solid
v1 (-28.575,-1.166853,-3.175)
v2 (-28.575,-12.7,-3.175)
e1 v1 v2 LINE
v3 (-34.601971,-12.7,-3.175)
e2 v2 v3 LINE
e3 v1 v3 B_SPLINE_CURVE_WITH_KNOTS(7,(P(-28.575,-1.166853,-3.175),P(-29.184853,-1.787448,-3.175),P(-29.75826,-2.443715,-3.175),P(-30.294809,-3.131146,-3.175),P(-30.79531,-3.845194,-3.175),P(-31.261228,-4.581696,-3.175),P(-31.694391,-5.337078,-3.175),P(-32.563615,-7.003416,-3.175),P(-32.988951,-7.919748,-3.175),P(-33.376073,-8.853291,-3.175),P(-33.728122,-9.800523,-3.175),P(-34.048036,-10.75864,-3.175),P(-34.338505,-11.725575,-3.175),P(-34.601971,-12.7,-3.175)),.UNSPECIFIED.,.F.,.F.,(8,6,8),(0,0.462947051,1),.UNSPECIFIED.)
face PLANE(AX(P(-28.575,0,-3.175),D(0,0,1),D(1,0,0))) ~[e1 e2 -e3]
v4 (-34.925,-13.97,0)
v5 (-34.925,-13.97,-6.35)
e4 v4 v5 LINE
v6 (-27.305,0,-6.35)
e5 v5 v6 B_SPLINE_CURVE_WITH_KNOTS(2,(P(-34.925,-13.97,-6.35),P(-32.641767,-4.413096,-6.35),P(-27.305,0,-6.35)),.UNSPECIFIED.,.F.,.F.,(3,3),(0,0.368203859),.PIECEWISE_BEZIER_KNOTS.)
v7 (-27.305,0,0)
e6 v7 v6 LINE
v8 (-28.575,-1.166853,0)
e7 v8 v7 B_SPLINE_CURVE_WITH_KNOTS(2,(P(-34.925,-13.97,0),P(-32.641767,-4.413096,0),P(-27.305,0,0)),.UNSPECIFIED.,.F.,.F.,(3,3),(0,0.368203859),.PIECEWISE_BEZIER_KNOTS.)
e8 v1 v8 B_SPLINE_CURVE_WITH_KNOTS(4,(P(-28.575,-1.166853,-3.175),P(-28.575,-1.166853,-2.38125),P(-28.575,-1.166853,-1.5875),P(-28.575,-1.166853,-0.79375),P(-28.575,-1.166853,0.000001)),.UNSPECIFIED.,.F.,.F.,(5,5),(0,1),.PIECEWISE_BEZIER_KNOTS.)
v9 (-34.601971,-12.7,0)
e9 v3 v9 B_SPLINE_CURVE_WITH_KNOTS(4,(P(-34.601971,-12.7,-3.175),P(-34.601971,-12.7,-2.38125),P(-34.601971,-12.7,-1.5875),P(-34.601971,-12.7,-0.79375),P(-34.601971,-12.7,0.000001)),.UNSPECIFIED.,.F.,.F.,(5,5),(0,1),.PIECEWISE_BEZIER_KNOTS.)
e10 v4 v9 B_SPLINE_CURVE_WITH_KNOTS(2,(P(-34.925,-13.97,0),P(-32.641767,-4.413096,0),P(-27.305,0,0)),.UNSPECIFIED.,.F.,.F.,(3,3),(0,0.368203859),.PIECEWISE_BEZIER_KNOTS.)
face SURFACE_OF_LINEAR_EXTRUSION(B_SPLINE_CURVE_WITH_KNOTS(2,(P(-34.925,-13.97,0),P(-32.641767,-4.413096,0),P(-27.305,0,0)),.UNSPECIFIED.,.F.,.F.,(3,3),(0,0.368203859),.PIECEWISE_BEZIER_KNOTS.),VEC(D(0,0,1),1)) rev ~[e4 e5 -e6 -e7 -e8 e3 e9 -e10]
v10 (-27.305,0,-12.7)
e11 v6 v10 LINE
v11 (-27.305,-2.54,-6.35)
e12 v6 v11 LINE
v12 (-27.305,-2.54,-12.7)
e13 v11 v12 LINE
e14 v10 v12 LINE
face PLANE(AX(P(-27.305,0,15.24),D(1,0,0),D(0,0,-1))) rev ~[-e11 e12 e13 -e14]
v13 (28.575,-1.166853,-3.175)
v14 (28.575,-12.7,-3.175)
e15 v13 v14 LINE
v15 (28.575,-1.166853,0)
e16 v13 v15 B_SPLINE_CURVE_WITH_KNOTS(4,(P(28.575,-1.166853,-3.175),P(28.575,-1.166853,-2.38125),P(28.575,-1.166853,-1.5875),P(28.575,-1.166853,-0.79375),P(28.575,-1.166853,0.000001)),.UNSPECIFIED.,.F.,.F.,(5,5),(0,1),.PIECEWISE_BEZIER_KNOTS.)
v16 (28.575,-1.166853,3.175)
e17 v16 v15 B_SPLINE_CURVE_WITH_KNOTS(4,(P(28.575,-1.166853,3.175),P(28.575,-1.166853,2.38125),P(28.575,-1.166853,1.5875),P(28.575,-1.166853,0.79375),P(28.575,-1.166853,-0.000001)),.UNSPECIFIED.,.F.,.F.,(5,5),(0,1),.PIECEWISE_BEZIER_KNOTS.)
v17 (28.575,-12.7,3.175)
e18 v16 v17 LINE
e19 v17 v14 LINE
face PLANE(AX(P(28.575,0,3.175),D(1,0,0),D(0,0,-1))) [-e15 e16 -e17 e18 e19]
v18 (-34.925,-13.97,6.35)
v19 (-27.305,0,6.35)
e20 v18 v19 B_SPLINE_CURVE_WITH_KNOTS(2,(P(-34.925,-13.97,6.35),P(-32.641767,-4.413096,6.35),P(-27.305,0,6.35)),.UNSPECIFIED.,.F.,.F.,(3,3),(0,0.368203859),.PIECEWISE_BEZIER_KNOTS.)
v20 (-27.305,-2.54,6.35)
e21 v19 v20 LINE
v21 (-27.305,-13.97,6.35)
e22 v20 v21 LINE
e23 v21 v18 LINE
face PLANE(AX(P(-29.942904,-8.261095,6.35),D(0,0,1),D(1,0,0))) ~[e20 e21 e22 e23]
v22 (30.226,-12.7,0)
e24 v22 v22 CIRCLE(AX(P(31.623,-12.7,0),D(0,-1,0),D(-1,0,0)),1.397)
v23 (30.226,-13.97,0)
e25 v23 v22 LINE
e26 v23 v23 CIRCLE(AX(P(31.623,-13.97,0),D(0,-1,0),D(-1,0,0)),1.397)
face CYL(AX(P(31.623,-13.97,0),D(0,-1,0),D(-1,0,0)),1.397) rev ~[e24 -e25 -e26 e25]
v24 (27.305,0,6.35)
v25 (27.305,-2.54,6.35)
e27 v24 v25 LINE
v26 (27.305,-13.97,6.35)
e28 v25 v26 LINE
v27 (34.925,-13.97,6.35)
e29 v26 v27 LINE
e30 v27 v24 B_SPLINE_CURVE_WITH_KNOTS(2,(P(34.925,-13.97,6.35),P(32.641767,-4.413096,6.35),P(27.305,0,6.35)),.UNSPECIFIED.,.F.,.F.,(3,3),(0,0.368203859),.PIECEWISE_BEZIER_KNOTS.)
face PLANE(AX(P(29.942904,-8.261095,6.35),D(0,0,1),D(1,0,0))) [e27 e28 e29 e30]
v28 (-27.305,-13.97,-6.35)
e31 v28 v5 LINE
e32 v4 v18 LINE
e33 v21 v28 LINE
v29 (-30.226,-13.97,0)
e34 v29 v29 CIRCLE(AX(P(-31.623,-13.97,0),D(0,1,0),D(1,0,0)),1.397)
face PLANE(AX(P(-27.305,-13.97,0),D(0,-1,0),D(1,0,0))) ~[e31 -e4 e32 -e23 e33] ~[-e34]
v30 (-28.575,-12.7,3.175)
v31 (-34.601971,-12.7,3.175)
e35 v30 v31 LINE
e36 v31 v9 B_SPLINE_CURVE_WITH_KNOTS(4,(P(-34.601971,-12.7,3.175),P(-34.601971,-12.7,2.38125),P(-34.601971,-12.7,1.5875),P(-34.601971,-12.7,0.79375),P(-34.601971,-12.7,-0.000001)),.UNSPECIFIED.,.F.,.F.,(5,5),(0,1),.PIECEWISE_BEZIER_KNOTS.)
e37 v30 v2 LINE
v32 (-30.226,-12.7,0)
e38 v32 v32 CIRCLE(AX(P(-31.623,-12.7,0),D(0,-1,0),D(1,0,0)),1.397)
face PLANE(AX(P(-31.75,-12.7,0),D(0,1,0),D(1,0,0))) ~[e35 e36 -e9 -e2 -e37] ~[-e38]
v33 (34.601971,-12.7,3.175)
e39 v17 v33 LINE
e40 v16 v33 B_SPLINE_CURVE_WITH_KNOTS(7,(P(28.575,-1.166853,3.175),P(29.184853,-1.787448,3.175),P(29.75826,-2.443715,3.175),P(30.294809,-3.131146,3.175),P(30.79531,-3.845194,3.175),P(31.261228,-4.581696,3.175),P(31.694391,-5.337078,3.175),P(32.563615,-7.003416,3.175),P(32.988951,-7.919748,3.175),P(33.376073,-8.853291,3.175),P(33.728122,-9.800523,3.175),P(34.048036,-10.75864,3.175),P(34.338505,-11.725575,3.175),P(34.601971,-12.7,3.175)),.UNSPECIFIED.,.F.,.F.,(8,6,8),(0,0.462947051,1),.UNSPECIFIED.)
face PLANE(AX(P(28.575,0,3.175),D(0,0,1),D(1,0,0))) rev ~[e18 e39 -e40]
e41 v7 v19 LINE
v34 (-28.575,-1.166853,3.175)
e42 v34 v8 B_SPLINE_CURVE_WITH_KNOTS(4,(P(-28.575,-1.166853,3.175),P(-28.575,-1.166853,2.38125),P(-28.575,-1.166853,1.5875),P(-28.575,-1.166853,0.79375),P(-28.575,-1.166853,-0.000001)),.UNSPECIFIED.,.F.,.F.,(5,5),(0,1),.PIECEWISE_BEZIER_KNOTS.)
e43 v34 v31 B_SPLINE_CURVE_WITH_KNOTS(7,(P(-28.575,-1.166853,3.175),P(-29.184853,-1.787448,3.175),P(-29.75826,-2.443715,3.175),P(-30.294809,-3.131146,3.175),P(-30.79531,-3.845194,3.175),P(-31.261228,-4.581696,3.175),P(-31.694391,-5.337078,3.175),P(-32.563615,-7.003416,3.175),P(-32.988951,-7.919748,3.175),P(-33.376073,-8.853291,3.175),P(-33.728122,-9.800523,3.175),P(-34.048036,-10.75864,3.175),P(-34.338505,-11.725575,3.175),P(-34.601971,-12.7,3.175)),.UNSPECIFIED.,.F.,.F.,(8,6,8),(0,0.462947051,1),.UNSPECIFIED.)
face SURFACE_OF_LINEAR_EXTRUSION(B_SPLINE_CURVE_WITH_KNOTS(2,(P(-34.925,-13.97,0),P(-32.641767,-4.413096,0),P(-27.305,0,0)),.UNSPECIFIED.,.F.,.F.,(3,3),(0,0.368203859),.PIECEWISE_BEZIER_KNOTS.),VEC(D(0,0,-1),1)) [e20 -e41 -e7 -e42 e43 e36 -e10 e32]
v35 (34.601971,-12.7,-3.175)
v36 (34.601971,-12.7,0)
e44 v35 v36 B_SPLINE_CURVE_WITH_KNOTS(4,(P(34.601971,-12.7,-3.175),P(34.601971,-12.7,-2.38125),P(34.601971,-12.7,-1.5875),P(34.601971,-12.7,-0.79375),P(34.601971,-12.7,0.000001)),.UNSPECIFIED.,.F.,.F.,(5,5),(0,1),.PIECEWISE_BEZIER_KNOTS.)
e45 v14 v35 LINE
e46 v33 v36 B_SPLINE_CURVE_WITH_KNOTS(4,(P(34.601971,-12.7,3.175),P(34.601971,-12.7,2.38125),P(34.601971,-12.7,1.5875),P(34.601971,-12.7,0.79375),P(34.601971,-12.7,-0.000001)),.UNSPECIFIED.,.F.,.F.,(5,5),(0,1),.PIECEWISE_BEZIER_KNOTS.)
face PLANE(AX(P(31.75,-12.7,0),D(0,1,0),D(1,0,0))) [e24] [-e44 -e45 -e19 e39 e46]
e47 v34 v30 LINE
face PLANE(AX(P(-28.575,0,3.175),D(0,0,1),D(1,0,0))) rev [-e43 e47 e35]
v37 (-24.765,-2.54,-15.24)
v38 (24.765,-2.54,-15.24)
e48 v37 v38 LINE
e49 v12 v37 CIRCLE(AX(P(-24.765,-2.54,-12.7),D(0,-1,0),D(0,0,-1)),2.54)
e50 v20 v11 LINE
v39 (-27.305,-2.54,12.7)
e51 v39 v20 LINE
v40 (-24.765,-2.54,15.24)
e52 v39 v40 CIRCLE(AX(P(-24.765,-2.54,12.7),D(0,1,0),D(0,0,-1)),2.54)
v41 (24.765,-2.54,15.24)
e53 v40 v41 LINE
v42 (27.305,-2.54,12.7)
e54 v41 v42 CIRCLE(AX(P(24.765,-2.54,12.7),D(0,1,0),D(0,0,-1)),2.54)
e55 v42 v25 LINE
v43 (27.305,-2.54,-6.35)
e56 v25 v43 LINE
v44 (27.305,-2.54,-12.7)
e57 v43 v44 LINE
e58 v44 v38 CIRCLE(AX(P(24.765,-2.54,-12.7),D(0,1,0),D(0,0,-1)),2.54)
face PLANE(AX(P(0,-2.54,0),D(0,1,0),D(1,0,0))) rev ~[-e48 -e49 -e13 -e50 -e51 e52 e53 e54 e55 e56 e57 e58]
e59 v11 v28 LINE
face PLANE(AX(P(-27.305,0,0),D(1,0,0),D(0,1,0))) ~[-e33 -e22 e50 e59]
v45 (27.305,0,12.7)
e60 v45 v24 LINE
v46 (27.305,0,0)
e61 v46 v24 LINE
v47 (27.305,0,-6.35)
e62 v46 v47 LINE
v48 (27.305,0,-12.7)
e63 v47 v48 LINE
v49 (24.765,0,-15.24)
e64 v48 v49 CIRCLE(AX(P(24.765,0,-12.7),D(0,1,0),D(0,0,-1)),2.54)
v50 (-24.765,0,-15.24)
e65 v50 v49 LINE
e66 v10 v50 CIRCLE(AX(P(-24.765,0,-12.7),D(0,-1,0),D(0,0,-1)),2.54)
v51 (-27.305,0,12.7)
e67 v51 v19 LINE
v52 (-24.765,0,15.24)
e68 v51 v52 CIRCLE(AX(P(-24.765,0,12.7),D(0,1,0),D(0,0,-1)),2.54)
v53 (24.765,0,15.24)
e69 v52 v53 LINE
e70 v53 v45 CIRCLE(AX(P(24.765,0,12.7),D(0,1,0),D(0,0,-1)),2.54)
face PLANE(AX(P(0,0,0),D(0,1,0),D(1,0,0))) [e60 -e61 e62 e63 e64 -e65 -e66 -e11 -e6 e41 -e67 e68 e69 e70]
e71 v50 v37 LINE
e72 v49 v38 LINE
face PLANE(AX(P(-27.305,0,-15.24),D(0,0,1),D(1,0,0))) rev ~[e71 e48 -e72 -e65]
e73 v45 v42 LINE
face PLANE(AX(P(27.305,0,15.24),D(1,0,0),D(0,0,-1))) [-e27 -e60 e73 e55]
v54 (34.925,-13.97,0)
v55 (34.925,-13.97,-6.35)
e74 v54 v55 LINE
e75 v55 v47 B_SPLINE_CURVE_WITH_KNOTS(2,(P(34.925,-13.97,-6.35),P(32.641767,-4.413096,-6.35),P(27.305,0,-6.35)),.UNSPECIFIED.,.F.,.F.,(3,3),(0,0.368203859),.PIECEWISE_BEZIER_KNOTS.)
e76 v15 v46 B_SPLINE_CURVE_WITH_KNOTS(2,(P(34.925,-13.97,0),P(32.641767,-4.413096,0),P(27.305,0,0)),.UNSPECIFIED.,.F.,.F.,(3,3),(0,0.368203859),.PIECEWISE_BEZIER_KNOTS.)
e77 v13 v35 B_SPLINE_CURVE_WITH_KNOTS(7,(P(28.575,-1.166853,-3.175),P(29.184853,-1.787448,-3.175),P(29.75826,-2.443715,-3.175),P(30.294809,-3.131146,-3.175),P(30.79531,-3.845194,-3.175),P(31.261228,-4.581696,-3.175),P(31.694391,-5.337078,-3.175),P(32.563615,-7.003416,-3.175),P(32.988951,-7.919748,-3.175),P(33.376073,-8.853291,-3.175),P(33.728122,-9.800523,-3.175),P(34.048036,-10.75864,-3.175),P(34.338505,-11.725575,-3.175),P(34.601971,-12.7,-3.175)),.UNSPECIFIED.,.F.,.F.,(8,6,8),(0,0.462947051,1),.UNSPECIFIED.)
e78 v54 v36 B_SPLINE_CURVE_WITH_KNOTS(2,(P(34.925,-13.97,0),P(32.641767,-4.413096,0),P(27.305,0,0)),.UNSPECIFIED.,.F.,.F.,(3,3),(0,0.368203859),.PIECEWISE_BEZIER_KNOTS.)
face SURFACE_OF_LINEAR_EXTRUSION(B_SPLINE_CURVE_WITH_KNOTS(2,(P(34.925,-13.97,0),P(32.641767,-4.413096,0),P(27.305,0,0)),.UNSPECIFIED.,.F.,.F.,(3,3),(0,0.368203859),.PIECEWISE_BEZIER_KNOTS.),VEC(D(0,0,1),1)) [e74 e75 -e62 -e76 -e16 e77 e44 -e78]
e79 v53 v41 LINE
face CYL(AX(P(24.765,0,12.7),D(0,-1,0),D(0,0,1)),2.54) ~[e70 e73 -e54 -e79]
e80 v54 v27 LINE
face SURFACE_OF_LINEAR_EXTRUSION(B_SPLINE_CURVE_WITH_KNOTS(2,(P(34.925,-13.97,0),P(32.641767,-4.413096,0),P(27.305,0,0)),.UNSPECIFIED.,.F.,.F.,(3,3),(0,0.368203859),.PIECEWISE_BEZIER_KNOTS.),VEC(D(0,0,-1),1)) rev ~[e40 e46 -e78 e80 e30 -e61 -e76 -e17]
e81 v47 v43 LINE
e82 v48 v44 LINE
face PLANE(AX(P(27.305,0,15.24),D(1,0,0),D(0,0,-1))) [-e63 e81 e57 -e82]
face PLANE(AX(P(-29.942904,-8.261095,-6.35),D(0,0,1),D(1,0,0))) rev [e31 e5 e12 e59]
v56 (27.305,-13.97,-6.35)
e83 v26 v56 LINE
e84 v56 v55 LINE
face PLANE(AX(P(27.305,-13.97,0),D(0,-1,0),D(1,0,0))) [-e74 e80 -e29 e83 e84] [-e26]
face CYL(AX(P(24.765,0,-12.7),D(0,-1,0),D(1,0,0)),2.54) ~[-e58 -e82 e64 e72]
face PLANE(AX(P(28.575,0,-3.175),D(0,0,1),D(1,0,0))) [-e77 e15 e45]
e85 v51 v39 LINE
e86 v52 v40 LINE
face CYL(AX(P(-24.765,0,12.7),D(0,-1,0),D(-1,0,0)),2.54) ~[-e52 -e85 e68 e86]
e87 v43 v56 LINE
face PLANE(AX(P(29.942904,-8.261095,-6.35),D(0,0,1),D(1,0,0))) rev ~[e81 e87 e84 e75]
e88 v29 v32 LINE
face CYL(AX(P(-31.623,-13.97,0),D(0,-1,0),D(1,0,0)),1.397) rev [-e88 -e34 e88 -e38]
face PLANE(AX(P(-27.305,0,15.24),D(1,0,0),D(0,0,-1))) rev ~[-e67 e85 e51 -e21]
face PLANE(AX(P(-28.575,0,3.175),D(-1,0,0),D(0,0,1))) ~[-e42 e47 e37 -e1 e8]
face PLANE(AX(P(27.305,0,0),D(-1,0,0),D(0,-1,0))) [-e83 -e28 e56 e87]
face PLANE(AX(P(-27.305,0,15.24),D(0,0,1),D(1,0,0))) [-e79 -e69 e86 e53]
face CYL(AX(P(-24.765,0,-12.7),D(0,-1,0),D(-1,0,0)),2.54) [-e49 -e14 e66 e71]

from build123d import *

# Parameters (mm, degrees)
SKETCH1_W           = 54.61
SKETCH1_H           = 30.48
BOSS_EXTRUDE1_DEPTH = 2.54
FILLET1_R           = 2.54
BOSS_EXTRUDE2_DEPTH = 6.35
SKETCH3_W           = 6.35
SKETCH3_H           = 6.35
CUT_EXTRUDE1_DEPTH  = 12.7
SKETCH4_R           = 1.397
CUT_EXTRUDE2_DEPTH  = 14.9700001


with BuildPart() as part:
    # Sketch1 → Boss-Extrude1 (new body)
    with BuildSketch(Plane(origin=(0, 0, 0), x_dir=(1, 0, 0), z_dir=(0, 1, 0))):
        Rectangle(SKETCH1_W, SKETCH1_H)
    extrude(amount=-BOSS_EXTRUDE1_DEPTH)

    # Fillet1
    fillet1_edges = [part.edges().sort_by_distance(p)[0] for p in [
        (27.305, -1.27, 15.24),
        (-27.305, -1.27, 15.24),
        (-27.305, -1.27, -15.24),
        (27.305, -1.27, -15.24),
    ]]
    fillet(fillet1_edges, radius=FILLET1_R)

    # Sketch2 → Boss-Extrude2 (add, symmetric)
    with BuildSketch(Plane.XY):
        with BuildLine():
            add(Edge.make_bspline(
                [(34.925, -13.97), (32.641767313, -4.413096047), (27.305, 0)],
                knots=[0, 0, 0, 0.368203859, 0.368203859, 0.368203859], degree=2))
            Line((27.305, 0), (27.305, -13.97))
            Line((27.305, -13.97), (34.925, -13.97))
        make_face()
    boss_extrude2 = extrude(amount=BOSS_EXTRUDE2_DEPTH, both=True)

    # Sketch3 → Cut-Extrude1 (cut)
    with BuildSketch(Plane(origin=(0, 0, 0), x_dir=(1, 0, 0), z_dir=(0, 1, 0))):
        with Locations((31.75, 0)):
            Rectangle(SKETCH3_W, SKETCH3_H)
    cut_extrude1 = extrude(amount=-CUT_EXTRUDE1_DEPTH, mode=Mode.SUBTRACT)

    # Sketch4 → Cut-Extrude2 (cut, through all)
    with BuildSketch(Plane(origin=(0, -13.97, 0), x_dir=(-1, 0, 0), z_dir=(0, -1, 0))):
        with Locations((-31.623, 0)):
            Circle(SKETCH4_R)
    cut_extrude2 = extrude(amount=-CUT_EXTRUDE2_DEPTH, mode=Mode.SUBTRACT)

    # Mirror1: Boss-Extrude2, Cut-Extrude1, Cut-Extrude2 across plane
    add(boss_extrude2.mirror(Plane(origin=(0, 0, 0), x_dir=(0, 0, 1), z_dir=(1, 0, 0))))
    add(cut_extrude1.mirror(Plane(origin=(0, 0, 0), x_dir=(0, 0, 1), z_dir=(1, 0, 0))), mode=Mode.SUBTRACT)
    add(cut_extrude2.mirror(Plane(origin=(0, 0, 0), x_dir=(0, 0, 1), z_dir=(1, 0, 0))), mode=Mode.SUBTRACT)


solid = part.part
